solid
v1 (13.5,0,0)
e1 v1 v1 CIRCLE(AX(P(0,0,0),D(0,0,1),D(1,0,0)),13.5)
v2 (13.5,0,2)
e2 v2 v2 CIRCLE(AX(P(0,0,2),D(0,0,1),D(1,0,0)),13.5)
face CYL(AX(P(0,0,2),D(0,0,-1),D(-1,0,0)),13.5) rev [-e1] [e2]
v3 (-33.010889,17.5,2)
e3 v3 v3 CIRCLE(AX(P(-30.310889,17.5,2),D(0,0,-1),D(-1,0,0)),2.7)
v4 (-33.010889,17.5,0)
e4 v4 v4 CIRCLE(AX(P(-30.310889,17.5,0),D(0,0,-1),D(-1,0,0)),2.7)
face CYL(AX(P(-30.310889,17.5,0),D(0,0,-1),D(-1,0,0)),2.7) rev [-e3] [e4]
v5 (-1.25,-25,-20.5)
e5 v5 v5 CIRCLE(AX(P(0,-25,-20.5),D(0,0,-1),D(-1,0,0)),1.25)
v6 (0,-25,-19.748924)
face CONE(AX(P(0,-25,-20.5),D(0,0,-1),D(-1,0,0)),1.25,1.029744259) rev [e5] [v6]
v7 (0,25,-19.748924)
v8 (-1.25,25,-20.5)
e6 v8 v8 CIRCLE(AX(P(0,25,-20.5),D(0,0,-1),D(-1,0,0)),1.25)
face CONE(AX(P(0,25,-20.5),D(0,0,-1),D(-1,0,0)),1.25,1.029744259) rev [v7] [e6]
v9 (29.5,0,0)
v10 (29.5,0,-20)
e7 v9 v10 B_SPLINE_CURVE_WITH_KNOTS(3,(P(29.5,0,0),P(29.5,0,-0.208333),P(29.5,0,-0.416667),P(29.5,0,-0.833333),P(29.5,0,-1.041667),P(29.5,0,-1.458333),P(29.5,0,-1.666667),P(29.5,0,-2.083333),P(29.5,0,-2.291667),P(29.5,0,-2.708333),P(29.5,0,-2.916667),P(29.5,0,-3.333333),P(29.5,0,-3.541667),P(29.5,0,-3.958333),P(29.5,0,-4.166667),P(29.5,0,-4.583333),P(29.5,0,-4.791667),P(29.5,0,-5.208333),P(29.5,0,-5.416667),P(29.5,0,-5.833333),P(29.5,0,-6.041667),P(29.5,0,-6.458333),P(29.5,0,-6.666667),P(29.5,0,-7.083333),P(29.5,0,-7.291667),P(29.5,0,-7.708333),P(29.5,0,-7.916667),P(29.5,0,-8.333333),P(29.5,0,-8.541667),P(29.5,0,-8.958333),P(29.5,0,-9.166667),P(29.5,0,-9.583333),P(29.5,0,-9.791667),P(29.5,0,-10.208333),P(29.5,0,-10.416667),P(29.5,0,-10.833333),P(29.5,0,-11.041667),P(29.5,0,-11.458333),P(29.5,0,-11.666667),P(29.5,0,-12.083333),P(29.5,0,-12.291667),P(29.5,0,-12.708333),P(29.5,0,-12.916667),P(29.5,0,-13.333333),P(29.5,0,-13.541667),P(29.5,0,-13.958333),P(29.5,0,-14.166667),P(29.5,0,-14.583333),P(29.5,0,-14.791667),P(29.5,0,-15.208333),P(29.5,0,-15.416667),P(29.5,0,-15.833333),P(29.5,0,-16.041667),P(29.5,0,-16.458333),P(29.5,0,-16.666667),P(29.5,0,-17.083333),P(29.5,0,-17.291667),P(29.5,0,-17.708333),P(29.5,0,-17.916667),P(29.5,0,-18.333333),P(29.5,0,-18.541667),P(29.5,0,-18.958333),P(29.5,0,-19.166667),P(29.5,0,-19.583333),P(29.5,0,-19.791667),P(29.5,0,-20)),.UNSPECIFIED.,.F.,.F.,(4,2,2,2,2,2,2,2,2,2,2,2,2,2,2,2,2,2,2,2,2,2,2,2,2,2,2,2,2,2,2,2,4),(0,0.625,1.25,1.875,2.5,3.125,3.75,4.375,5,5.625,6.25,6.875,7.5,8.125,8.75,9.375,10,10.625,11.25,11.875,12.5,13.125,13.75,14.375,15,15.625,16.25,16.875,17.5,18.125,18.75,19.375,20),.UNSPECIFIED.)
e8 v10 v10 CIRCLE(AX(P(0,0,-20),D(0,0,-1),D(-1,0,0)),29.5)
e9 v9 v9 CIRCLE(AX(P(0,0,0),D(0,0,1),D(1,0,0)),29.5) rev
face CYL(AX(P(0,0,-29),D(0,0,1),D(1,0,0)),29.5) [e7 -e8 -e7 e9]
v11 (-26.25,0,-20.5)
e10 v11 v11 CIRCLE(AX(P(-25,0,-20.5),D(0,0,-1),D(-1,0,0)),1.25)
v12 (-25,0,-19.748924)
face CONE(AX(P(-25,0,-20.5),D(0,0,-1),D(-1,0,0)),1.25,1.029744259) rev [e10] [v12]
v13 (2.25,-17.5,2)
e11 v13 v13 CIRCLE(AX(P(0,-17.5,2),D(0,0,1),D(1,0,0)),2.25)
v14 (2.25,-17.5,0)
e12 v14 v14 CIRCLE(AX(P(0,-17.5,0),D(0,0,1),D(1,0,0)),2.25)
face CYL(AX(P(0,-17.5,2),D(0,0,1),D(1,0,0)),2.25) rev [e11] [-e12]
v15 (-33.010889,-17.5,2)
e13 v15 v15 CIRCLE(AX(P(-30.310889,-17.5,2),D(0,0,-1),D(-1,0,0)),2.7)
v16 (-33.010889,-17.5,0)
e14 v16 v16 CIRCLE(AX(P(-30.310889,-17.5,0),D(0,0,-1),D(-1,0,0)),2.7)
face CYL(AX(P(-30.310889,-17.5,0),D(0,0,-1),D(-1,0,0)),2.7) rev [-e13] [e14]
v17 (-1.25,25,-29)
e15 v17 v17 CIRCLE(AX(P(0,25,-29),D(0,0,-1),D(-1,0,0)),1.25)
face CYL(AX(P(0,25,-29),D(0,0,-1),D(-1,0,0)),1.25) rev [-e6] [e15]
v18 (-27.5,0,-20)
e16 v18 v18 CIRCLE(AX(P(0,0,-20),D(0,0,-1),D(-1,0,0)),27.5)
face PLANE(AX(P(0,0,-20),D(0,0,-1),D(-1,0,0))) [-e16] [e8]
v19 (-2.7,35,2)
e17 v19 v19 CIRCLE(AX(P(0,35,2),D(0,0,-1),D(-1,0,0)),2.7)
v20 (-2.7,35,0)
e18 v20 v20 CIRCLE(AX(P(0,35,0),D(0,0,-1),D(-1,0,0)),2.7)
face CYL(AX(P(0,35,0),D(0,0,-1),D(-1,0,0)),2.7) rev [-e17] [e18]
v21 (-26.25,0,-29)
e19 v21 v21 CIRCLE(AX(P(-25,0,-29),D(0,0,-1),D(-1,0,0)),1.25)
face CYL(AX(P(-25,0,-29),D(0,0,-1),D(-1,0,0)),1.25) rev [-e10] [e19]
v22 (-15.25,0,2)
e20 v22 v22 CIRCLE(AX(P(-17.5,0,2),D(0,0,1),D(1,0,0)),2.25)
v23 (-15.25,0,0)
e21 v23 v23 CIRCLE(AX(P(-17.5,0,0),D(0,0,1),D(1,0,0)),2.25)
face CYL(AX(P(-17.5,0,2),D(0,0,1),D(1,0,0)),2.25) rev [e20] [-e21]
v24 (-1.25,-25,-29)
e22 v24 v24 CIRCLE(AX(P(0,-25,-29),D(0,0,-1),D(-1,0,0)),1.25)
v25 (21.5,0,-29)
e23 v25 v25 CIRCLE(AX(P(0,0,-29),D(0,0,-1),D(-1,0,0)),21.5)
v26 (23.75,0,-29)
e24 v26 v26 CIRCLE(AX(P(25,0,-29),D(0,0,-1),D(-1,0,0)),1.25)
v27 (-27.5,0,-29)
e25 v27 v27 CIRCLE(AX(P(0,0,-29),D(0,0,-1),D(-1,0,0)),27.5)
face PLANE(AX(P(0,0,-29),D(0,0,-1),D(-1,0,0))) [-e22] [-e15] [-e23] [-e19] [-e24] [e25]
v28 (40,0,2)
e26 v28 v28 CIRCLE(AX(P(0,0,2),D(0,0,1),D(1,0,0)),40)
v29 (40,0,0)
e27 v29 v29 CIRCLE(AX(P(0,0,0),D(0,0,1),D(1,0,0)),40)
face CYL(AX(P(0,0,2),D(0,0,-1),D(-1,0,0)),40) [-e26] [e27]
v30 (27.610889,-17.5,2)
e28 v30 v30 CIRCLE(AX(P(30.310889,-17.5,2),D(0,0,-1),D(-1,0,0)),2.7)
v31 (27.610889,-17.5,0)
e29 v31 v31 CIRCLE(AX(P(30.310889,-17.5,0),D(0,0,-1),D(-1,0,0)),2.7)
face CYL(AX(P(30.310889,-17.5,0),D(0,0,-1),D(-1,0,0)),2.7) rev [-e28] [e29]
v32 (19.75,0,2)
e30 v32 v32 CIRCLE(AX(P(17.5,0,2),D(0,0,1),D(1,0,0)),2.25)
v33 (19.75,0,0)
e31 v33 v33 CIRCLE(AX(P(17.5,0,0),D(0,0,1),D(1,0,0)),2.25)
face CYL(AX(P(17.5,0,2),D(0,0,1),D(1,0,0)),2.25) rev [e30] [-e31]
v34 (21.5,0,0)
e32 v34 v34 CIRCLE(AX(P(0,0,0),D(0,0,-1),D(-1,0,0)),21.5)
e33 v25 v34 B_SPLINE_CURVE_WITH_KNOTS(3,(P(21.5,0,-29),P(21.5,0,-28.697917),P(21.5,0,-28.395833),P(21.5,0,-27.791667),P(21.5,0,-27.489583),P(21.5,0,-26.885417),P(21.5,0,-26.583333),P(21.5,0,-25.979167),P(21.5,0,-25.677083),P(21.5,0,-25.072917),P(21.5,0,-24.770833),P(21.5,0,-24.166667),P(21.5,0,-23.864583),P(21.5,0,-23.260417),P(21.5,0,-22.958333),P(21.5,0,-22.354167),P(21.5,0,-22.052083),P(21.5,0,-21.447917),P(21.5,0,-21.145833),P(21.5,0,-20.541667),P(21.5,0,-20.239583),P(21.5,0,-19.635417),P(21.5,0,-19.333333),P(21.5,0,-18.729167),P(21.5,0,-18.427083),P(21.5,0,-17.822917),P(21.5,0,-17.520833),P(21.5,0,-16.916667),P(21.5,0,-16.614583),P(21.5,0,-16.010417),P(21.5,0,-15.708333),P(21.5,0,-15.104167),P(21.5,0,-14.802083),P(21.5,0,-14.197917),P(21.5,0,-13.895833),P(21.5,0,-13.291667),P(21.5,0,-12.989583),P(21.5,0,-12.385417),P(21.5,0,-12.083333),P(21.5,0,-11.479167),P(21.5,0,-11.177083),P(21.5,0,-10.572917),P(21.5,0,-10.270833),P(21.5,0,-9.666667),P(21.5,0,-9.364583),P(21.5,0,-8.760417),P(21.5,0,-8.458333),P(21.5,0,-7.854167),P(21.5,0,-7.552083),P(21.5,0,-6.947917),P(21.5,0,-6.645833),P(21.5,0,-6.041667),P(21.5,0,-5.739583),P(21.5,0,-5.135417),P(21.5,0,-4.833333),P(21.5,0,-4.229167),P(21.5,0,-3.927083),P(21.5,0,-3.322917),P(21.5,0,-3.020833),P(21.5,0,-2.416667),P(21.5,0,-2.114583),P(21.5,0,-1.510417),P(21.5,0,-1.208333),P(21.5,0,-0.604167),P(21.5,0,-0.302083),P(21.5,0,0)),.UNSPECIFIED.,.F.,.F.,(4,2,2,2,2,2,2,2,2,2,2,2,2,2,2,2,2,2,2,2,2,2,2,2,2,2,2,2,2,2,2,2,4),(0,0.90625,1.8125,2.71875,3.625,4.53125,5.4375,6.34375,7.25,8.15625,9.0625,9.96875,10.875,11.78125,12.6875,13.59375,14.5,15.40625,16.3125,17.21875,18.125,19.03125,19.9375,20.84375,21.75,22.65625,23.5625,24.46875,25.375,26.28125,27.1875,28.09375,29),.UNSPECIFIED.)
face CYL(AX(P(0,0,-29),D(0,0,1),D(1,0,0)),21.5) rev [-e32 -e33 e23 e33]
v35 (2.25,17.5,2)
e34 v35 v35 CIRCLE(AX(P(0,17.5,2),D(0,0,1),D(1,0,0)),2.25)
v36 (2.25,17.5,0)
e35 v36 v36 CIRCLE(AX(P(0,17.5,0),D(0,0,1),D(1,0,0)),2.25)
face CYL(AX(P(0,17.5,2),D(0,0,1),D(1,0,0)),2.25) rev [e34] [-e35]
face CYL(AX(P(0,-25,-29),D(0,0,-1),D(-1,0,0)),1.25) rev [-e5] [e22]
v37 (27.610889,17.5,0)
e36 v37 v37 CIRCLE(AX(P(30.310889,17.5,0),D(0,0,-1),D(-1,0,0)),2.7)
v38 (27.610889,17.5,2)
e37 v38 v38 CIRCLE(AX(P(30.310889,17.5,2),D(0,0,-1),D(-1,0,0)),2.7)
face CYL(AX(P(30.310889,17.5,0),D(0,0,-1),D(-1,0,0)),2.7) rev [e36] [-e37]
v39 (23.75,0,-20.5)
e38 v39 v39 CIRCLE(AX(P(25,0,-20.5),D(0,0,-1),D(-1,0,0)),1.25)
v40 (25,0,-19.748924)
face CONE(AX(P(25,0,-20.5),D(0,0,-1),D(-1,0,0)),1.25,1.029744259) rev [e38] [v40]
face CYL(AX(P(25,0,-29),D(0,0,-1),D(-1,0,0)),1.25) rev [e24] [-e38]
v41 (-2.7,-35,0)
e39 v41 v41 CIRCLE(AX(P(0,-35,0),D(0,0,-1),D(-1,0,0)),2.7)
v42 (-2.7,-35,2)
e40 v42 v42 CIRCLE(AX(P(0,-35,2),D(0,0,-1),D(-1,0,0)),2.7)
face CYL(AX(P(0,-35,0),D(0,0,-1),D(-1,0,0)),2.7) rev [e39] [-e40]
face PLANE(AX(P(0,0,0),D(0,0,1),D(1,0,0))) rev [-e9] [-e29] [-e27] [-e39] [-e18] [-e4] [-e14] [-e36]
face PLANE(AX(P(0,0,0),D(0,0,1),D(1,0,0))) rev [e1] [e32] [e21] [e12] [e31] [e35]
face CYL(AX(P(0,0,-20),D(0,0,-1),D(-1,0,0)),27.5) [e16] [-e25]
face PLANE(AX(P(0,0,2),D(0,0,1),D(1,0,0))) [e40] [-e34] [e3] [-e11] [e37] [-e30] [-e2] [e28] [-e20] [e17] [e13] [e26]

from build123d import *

# Parameters (mm, degrees)
SKETCH_1_R              = 40
SKETCH_1_R_2            = 13.5
EXTRUDE_1_DEPTH         = 2
HOLE_WIZARD_M4_1_D      = 4.5
HOLE_WIZARD_5_4_5_4_1_D = 5.4
SKETCH_8_R              = 29.5
SKETCH_8_R_2            = 21.5
EXTRUDE_2_DEPTH         = 29
CUT_EXTRUDE_START       = -9
SKETCH_10_R             = 29.5
SKETCH_10_R_2           = 27.5
CUT_EXTRUDE_2_DEPTH     = 9
HOLE_WIZARD_M3_1_D      = 2.5
HOLE_WIZARD_M3_1_DEPTH  = 8.5
HOLE_WIZARD_M3_1_TIP    = 0.751075774


with BuildPart() as part:
    # 草图1 → 凸台-拉伸1 (new body)
    with BuildSketch(Plane.XY):
        Circle(SKETCH_1_R)
        Circle(SKETCH_1_R_2, mode=Mode.SUBTRACT)
    extrude(amount=EXTRUDE_1_DEPTH)

    # M4 间隙孔1 (through all)
    with Locations(Plane(origin=(-17.5, 0, 2), x_dir=(1, 0, 0), z_dir=(0, 0, 1))):
        with Locations((0, 0), (17.5, 17.5), (35, 0), (17.5, -17.5)):
            Hole(HOLE_WIZARD_M4_1_D / 2)

    # Ø5.4 (5.4) 直径孔1 (through all)
    with Locations(Plane(origin=(0, 0, 0), x_dir=(-1, 0, 0), z_dir=(0, 0, -1))):
        with Locations((-30.310889132, 17.5), (0, 35), (30.310889132, 17.5), (30.310889132, -17.5), (0, -35), (-30.310889132, -17.5)):
            Hole(HOLE_WIZARD_5_4_5_4_1_D / 2)

    # 草图8 → 凸台-拉伸2 (add)
    with BuildSketch(Plane(origin=(0, 0, 0), x_dir=(-1, 0, 0), z_dir=(0, 0, -1))):
        with Locations(Location((0, 0, 0), (0, 0, 180))):
            Circle(SKETCH_8_R)
        with Locations(Location((0, 0, 0), (0, 0, 180))):
            Circle(SKETCH_8_R_2, mode=Mode.SUBTRACT)
    extrude(amount=EXTRUDE_2_DEPTH)

    # 草图10 → 切除-拉伸2 (cut)
    with BuildSketch(Plane(origin=(0, 0, -29), x_dir=(-1, 0, 0), z_dir=(0, 0, -1)).offset(CUT_EXTRUDE_START)):
        with Locations(Location((0, 0, 0), (0, 0, 180))):
            Circle(SKETCH_10_R)
        Circle(SKETCH_10_R_2, mode=Mode.SUBTRACT)
    extrude(amount=CUT_EXTRUDE_2_DEPTH, mode=Mode.SUBTRACT)

    # M3 螺纹孔1
    with Locations(Plane(origin=(25, 0, -29), x_dir=(-1, 0, 0), z_dir=(0, 0, -1))):
        with Locations((0, 0), (25, 25), (50, 0), (25, -25)):
            Hole(HOLE_WIZARD_M3_1_D / 2, depth=HOLE_WIZARD_M3_1_DEPTH)
            with Locations((0, 0, -(HOLE_WIZARD_M3_1_DEPTH + HOLE_WIZARD_M3_1_TIP / 2))):  # 118° drill point
                Cone(0, HOLE_WIZARD_M3_1_D / 2, HOLE_WIZARD_M3_1_TIP, mode=Mode.SUBTRACT)


solid = part.part
